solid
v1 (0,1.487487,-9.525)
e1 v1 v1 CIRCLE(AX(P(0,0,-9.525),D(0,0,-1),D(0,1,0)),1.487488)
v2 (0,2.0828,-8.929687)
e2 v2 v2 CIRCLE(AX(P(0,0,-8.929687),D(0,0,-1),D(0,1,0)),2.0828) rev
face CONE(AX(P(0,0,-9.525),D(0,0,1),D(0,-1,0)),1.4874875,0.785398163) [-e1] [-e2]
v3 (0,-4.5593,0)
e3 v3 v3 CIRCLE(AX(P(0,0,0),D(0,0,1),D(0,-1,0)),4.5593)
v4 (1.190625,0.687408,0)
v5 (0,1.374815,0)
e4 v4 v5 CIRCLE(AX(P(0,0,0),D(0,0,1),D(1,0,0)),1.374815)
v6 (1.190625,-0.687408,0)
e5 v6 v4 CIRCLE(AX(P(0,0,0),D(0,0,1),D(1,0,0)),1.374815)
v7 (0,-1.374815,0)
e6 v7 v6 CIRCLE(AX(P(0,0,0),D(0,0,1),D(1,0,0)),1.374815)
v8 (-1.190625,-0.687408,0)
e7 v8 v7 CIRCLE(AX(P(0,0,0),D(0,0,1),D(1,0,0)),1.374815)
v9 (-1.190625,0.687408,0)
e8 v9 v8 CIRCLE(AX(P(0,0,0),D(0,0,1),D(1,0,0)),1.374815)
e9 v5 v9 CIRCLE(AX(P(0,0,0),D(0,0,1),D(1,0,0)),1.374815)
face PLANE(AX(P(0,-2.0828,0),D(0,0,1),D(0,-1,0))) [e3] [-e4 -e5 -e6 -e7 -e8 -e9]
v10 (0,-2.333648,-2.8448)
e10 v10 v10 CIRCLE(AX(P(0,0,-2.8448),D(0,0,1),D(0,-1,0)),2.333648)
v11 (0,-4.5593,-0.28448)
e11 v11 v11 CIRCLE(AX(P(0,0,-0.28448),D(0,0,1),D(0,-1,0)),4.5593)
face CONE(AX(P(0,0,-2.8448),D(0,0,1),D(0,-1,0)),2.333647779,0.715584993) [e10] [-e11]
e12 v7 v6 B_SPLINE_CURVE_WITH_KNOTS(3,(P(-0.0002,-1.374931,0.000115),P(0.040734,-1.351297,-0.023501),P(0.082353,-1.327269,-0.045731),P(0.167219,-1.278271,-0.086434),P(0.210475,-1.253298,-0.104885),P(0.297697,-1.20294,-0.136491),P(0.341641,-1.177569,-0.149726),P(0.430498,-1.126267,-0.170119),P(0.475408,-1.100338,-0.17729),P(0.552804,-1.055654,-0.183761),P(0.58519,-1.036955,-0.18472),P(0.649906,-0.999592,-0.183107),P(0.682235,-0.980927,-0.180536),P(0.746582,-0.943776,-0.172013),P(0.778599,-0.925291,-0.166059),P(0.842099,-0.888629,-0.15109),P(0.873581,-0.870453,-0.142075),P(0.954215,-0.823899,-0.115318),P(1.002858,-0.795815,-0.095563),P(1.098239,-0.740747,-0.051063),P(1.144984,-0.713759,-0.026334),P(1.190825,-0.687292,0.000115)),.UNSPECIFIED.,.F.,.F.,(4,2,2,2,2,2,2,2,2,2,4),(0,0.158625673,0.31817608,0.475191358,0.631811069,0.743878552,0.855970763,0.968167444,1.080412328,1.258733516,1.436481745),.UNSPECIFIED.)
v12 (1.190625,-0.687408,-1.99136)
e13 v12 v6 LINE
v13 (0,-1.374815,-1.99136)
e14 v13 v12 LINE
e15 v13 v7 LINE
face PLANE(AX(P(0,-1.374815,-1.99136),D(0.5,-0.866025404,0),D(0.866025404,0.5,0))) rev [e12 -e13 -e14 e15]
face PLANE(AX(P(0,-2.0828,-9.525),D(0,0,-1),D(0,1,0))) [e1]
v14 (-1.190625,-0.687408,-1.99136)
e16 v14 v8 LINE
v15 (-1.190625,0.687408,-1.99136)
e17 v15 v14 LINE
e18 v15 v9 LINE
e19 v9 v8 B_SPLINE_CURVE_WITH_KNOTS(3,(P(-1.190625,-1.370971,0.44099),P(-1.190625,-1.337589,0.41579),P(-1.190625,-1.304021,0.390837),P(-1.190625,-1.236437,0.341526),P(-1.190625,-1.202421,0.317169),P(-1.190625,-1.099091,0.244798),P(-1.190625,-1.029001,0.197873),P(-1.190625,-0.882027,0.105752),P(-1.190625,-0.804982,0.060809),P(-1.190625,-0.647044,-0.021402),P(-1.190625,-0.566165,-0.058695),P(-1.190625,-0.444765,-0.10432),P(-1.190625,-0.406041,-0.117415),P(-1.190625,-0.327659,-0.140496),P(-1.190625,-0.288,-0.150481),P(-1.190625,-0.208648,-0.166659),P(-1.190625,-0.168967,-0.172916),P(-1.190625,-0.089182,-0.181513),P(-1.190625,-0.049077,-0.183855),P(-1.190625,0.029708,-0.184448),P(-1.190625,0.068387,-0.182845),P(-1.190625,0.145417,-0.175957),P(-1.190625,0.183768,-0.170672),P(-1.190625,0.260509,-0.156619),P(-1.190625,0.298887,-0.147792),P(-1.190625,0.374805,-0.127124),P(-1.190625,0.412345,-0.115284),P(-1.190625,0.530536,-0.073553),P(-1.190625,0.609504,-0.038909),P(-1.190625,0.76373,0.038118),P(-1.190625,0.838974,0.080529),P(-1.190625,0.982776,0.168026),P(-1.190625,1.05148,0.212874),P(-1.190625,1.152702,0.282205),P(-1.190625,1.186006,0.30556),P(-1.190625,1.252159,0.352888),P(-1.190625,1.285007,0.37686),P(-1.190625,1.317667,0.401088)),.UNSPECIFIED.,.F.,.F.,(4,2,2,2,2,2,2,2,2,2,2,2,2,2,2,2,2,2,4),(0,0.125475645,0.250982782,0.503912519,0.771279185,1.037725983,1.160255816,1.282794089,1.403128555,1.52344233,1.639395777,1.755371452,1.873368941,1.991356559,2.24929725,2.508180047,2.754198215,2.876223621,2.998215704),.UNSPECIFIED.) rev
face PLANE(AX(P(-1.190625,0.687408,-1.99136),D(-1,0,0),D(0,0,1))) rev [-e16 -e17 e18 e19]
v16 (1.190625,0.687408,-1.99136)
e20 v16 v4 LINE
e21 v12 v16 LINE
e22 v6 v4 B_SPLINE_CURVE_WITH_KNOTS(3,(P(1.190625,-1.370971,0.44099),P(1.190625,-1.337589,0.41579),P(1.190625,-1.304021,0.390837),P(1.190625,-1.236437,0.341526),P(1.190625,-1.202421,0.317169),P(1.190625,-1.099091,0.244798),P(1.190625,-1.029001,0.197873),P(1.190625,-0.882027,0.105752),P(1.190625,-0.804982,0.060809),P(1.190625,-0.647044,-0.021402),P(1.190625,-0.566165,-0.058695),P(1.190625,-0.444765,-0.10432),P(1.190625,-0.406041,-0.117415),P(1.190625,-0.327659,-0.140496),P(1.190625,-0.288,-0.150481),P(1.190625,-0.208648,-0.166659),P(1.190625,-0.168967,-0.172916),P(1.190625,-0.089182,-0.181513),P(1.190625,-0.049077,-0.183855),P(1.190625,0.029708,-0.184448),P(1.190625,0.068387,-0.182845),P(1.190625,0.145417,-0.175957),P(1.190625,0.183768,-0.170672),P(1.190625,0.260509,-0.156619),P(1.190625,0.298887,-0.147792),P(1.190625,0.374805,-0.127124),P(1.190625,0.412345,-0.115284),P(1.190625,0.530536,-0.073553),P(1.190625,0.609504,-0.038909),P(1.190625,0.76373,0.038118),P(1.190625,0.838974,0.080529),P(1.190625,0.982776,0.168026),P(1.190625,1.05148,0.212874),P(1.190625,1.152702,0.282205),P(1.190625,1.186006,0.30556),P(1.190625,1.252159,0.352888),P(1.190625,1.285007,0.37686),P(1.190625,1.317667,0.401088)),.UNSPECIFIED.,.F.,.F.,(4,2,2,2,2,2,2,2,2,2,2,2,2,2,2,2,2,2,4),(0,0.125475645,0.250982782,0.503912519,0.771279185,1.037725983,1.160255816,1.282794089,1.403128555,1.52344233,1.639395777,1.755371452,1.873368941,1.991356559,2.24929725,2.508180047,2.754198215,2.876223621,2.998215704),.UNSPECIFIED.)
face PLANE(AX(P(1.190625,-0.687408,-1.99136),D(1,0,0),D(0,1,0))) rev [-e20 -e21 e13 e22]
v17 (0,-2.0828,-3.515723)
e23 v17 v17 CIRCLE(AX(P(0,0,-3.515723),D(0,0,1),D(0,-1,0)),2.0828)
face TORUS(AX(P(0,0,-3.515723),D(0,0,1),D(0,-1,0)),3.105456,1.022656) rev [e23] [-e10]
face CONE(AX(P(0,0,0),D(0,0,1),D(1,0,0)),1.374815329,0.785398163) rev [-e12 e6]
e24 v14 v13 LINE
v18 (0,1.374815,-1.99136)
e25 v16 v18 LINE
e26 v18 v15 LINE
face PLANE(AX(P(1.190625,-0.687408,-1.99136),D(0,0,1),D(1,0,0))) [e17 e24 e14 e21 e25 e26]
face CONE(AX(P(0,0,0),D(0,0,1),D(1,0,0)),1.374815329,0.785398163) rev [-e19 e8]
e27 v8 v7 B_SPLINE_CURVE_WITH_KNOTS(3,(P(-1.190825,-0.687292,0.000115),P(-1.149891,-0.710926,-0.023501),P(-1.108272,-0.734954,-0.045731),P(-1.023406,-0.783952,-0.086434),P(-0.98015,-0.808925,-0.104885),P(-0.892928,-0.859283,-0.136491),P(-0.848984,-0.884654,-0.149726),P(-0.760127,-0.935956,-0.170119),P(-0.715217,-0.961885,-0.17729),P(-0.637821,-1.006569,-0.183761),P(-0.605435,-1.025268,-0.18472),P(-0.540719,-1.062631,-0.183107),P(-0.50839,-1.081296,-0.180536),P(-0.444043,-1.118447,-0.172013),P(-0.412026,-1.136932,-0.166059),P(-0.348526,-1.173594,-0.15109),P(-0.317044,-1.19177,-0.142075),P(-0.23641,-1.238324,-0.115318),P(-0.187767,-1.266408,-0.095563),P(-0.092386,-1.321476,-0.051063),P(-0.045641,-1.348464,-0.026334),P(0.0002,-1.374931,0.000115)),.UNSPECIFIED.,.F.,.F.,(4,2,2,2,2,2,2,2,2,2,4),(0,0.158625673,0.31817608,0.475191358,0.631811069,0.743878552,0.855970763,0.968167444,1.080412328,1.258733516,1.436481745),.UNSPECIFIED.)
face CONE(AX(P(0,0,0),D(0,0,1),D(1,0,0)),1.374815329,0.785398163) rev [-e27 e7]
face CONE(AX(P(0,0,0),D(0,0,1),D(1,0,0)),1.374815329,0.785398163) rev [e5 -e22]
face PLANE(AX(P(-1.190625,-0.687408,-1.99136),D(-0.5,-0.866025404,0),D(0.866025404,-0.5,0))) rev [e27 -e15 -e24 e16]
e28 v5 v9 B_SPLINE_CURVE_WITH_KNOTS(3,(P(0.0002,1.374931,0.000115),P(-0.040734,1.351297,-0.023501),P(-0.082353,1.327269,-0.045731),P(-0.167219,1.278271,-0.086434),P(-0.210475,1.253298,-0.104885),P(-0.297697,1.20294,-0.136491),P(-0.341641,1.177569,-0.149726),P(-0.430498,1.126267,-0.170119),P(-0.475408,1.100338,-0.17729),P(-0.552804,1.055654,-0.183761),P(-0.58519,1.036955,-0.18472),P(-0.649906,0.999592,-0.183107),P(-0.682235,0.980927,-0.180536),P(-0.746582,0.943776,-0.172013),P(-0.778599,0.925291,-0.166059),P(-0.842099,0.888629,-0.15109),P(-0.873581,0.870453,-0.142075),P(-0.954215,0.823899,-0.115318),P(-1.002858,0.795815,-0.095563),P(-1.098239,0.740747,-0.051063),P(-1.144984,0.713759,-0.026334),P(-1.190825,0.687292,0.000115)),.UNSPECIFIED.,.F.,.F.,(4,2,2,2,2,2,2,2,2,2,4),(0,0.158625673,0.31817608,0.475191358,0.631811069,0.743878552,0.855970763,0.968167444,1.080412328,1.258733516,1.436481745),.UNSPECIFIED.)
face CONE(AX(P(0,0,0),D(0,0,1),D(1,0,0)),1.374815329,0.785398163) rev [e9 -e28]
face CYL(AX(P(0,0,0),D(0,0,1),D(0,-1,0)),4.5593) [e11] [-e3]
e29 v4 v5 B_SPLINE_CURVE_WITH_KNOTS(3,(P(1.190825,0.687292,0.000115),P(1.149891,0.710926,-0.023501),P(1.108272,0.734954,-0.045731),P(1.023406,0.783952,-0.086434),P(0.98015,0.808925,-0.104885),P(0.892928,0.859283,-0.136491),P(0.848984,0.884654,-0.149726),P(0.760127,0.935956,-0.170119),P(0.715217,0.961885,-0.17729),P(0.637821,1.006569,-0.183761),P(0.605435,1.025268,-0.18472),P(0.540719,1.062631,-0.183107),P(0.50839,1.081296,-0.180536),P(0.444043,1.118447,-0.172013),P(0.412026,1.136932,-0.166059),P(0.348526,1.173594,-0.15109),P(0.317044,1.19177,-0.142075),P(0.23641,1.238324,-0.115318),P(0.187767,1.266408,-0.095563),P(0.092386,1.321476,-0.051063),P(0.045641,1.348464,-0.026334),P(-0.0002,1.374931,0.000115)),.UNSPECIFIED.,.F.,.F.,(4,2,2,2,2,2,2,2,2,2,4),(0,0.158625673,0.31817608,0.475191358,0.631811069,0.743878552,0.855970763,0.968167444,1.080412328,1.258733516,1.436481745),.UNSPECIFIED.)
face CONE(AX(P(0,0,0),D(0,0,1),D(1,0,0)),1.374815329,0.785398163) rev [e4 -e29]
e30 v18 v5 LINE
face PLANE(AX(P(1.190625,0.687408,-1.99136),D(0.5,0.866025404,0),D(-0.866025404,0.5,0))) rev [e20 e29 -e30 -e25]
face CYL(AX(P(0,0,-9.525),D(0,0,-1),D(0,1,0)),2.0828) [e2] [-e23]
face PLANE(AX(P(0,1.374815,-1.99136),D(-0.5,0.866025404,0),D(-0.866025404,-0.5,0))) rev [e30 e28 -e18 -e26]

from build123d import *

# Parameters (mm, degrees)
SKETCH1_W          = 9.525
SKETCH1_H          = 2.0828
CHAMFER1_SIZE      = 0.5953125
CUT_EXTRUDE2_DEPTH = 1.99136


with BuildPart() as part:
    # Sketch1 → Revolve1 (revolve)
    with BuildSketch(Plane(origin=(0, 0, 0), x_dir=(0, 0, -1), z_dir=(1, 0, 0))):
        with Locations((4.7625, 1.0414)):
            Rectangle(SKETCH1_W, SKETCH1_H)
    revolve(axis=Axis((0, 0, -9.525), (0, 0, 1)))

    # Chamfer1
    chamfer1_edges = [part.edges().sort_by_distance(p)[0] for p in [
        (0, -2.0828, -9.525),
    ]]
    chamfer(chamfer1_edges, length=CHAMFER1_SIZE)

    # Sketch7 → Revolve2 (revolve)
    with BuildSketch(Plane(origin=(0, 0, 0), x_dir=(0, 0, -1), z_dir=(1, 0, 0)), mode=Mode.PRIVATE) as revolve2_sk:
        with BuildLine():
            Line((0, 4.5593), (0.28448, 4.5593))
            Line((0.28448, 4.5593), (2.8448, 2.333647779))
            ThreePointArc((2.8448, 2.333647779), (3.157581097, 2.147562581), (3.515722863, 2.0828))
            Line((3.515722863, 2.0828), (3.515722863, 0))
            Line((3.515722863, 0), (0, 0))
            Line((0, 0), (0, 4.5593))
        make_face()
    revolve(revolve2_sk.sketch.rotate(Axis((0, 0, 0), (0, 0, -1)), 180), axis=Axis((0, 0, 0), (0, 0, -1)))

    # Boss-Extrude1 cone 1 section (through the dimple's axis) → Boss-Extrude1 (revolve)
    with BuildSketch(Plane(origin=(0, 0, -3.515722863), x_dir=(0, -1, 0), z_dir=(1, 0, 0))):
        Polygon((0, 0), (2.0828, 0), (0, 2.0828), align=None)
    revolve(axis=Axis((0, 0, -3.515722863), (0, 0, -1)))

    # Sketch5 → Cut-Extrude2 (cut)
    with BuildSketch(Plane.XY):
        Polygon((1.190625, -0.687407664), (1.190625, 0.687407664), (0, 1.374815329), (-1.190625, 0.687407664), (-1.190625, -0.687407664), (0, -1.374815329), align=None)
    extrude(amount=-CUT_EXTRUDE2_DEPTH, mode=Mode.SUBTRACT)

    # Cut-Extrude3 cone 1 section (through the dimple's axis) → Cut-Extrude3 (revolve, cut)
    with BuildSketch(Plane(origin=(0, 0, 0), x_dir=(0, -1, 0), z_dir=(1, 0, 0))):
        Polygon((0, 0), (1.374815329, 0), (0, 1.374815329), align=None)
    revolve(axis=Axis((0, 0, 0), (0, 0, -1)), mode=Mode.SUBTRACT)


solid = part.part
